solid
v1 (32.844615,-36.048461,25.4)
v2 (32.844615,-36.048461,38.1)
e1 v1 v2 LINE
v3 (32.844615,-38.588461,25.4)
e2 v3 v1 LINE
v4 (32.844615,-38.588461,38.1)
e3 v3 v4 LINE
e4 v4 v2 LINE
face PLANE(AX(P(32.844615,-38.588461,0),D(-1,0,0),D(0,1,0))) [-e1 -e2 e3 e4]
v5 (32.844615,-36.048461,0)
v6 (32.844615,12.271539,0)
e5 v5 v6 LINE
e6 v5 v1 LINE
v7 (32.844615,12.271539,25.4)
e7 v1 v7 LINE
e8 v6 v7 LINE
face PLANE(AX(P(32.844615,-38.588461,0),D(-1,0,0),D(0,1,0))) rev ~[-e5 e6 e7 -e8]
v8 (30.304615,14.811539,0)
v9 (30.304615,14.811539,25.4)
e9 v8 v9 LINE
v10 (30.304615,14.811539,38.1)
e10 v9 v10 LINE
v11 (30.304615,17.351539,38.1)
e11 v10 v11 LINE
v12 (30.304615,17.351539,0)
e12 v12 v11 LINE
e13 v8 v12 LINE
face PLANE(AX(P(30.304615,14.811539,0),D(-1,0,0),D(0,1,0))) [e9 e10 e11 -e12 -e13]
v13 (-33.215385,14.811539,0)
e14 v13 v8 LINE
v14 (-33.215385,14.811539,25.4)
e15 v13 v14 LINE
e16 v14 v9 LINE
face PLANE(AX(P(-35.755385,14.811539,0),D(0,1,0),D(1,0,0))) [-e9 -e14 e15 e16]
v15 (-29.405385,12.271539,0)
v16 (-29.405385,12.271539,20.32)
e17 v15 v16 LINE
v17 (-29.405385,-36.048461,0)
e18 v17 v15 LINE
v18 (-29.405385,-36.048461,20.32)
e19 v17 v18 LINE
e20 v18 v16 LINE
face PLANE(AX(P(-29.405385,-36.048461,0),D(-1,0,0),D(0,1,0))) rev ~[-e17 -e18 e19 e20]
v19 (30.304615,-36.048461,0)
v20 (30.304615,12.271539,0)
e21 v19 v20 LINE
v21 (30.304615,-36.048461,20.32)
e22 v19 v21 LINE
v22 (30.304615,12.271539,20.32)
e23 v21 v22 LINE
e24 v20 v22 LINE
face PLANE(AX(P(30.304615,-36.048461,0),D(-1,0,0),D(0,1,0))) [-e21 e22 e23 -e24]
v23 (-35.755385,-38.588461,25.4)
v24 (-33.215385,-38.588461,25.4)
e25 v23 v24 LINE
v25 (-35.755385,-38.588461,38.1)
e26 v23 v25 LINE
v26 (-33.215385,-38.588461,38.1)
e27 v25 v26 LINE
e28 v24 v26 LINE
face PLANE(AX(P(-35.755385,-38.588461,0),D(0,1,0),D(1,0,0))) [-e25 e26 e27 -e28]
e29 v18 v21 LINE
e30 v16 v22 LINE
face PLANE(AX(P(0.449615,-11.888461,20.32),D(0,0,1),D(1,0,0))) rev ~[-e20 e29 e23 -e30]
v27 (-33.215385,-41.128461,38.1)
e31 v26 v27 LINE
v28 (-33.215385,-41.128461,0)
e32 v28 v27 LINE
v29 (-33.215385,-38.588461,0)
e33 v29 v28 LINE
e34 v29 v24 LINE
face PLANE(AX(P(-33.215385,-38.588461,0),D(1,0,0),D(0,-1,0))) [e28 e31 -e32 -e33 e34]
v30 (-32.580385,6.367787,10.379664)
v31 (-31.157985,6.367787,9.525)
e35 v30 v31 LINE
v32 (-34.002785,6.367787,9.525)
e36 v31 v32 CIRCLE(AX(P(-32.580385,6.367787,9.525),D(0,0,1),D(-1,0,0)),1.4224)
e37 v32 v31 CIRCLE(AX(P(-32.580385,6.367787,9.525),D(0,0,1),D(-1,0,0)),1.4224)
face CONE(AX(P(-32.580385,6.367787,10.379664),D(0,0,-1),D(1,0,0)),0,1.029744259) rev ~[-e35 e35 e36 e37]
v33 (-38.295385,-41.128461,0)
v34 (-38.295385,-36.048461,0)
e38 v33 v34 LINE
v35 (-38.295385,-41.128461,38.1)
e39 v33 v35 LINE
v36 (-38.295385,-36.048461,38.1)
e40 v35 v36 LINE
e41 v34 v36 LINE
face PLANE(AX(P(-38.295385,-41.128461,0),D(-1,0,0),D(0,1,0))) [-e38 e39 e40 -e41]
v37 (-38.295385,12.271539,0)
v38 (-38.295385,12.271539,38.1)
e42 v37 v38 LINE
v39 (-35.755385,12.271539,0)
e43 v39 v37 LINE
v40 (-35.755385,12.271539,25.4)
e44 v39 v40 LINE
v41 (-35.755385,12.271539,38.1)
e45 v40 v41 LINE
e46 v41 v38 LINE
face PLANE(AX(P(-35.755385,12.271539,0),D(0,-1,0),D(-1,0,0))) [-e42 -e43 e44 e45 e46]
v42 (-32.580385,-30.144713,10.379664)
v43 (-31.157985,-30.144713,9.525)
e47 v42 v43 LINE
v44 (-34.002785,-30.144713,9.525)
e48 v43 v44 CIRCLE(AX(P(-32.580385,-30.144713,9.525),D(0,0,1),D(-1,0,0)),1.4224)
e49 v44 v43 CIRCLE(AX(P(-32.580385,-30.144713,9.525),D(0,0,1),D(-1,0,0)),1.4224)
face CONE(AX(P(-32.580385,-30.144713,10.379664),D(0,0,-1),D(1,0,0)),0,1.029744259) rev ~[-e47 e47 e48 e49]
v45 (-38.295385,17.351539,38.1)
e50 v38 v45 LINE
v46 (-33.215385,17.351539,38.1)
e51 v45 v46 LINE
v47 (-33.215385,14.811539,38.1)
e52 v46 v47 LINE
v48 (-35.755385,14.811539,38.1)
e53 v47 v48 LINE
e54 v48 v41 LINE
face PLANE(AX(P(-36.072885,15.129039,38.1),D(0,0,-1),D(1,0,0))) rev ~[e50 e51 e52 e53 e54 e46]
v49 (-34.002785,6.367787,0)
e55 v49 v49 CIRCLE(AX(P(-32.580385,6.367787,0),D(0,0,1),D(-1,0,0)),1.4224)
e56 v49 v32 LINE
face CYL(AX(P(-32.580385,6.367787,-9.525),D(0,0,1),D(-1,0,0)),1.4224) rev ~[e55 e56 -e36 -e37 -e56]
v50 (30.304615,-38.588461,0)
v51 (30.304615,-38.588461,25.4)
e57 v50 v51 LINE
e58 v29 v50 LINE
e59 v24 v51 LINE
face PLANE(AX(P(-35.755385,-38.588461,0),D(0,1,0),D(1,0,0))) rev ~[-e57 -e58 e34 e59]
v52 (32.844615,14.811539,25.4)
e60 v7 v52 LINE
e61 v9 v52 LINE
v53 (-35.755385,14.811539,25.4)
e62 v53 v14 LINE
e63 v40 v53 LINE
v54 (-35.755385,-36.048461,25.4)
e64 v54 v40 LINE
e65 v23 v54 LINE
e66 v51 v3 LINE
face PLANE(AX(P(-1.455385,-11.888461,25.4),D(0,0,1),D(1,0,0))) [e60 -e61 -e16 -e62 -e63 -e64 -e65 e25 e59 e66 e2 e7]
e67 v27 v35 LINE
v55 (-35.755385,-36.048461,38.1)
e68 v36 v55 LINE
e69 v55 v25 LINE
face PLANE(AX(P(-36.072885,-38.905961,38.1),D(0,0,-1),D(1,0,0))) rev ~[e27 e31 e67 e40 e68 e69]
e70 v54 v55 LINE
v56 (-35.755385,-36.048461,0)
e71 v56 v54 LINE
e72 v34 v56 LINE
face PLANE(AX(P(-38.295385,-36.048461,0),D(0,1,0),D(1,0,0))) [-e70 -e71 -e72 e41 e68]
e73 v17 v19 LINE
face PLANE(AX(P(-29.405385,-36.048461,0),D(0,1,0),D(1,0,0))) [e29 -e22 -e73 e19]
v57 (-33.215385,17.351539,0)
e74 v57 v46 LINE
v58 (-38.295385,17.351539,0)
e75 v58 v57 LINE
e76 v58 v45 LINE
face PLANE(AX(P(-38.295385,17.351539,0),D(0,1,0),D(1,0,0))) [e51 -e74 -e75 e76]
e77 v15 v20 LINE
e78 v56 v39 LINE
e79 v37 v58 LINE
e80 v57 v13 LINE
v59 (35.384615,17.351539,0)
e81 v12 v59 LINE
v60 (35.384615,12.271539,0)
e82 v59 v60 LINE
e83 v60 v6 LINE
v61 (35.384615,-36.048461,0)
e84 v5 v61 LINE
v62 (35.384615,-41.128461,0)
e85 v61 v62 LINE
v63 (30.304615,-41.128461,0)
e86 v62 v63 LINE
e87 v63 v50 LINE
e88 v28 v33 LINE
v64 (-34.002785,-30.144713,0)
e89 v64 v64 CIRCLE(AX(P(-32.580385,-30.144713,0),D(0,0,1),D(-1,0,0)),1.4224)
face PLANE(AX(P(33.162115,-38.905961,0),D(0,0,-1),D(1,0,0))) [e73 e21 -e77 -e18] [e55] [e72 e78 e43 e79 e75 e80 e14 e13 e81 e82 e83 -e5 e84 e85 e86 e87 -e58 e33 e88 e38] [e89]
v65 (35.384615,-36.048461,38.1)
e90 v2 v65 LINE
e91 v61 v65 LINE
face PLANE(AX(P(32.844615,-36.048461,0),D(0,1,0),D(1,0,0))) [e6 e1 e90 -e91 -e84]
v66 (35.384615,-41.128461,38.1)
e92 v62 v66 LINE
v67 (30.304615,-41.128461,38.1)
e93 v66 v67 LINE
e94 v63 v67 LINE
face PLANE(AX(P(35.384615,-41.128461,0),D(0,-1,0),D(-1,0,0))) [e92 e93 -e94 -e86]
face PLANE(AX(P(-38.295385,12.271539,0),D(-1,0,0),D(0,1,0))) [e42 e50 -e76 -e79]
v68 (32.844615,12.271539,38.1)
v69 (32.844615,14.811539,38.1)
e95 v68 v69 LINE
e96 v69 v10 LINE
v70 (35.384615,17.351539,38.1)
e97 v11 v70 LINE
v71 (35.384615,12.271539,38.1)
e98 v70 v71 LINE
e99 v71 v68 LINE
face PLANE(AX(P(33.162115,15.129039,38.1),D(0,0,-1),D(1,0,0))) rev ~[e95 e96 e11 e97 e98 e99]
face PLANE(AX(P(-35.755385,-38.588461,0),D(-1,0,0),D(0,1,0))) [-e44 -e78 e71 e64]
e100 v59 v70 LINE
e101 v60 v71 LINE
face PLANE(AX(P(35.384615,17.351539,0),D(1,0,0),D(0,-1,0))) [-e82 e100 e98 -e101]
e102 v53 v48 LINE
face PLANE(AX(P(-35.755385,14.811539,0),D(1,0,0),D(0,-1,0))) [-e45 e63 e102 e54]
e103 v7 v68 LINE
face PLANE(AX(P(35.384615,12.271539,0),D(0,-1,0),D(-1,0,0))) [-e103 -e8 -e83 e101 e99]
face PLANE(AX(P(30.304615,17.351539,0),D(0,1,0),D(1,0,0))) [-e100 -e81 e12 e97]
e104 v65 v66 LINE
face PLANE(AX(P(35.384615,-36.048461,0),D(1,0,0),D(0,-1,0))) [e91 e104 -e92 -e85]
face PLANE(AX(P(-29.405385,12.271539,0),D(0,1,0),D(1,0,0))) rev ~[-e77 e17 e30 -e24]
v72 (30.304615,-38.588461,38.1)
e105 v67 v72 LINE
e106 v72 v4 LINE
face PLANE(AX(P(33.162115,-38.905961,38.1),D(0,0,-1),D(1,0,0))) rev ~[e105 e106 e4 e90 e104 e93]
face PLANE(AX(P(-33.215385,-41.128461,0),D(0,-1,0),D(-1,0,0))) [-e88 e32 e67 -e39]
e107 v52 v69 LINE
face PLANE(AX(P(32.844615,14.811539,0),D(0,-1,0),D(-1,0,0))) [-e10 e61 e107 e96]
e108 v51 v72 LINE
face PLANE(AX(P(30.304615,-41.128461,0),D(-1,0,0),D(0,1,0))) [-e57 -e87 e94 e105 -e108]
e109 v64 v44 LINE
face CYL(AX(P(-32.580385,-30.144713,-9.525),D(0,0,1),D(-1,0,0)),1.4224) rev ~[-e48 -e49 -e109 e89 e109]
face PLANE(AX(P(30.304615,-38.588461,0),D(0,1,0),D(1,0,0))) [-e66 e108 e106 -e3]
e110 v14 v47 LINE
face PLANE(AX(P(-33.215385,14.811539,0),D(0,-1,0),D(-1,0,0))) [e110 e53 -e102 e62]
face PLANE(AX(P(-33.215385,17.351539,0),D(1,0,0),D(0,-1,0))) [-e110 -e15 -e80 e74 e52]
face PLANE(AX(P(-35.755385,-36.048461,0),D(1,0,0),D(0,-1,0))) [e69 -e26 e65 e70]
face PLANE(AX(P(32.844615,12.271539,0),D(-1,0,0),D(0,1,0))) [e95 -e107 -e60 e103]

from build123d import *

# Parameters (mm, degrees)
F0_W     = 68.6
F0_H     = 53.4
F1_DEPTH = 25.4
F3_DEPTH = 38.1
F4_DEPTH = 38.1
F7_W     = 59.71
F7_H     = 48.32
F8_DEPTH = 20.32
F9_D     = 2.8448
F9_DEPTH = 9.525
F9_TIP   = 0.8546641445


with BuildPart() as f1:
    # F0 (on Top) → F1 (new body)
    with BuildSketch(Plane.XY):
        with Locations((-1.4553847134, -11.8884605348)):
            Rectangle(F0_W, F0_H)
    extrude(amount=F1_DEPTH)

    # F2 (on face) → F3 (join)
    with BuildSketch(Plane(origin=(0, 0, 0), x_dir=(1, 0, 0), z_dir=(0, 0, -1))):
        Polygon((-35.7553847134, 38.5884605348), (-33.2153847134, 38.5884605348), (-33.2153847134, 41.1284605348), (-38.2953847134, 41.1284605348), (-38.2953847134, 36.0484605348), (-35.7553847134, 36.0484605348), align=None)
    extrude(amount=-F3_DEPTH)

    # F2 (on face) → F4 (join)
    with BuildSketch(Plane(origin=(0, 0, 0), x_dir=(1, 0, 0), z_dir=(0, 0, -1))):
        Polygon((30.3046152866, 41.1284605348), (30.3046152866, 38.5884605348), (32.8446152866, 38.5884605348), (32.8446152866, 36.0484605348), (35.3846152866, 36.0484605348), (35.3846152866, 41.1284605348), align=None)
        Polygon((-35.7553847134, -14.8115394652), (-35.7553847134, -12.2715394652), (-38.2953847134, -12.2715394652), (-38.2953847134, -17.3515394652), (-33.2153847134, -17.3515394652), (-33.2153847134, -14.8115394652), align=None)
        Polygon((35.3846152866, -12.2715394652), (32.8446152866, -12.2715394652), (32.8446152866, -14.8115394652), (30.3046152866, -14.8115394652), (30.3046152866, -17.3515394652), (35.3846152866, -17.3515394652), align=None)
    extrude(amount=-F4_DEPTH)

    # F7 (on Top) → F8 (cut)
    with BuildSketch(Plane.XY):
        with Locations((0.4496152866, -11.8884605348)):
            Rectangle(F7_W, F7_H)
    extrude(amount=F8_DEPTH, mode=Mode.SUBTRACT)

    # F9
    with Locations(Plane(origin=(0, 0, 0), x_dir=(1, 0, 0), z_dir=(0, 0, -1))):
        with Locations((-32.5803847134, 30.1447131348), (-32.5803847134, -6.3677868652)):
            Hole(F9_D / 2, depth=F9_DEPTH)
            with Locations((0, 0, -(F9_DEPTH + F9_TIP / 2))):  # 118° drill point
                Cone(0, F9_D / 2, F9_TIP, mode=Mode.SUBTRACT)


solid = f1.part
